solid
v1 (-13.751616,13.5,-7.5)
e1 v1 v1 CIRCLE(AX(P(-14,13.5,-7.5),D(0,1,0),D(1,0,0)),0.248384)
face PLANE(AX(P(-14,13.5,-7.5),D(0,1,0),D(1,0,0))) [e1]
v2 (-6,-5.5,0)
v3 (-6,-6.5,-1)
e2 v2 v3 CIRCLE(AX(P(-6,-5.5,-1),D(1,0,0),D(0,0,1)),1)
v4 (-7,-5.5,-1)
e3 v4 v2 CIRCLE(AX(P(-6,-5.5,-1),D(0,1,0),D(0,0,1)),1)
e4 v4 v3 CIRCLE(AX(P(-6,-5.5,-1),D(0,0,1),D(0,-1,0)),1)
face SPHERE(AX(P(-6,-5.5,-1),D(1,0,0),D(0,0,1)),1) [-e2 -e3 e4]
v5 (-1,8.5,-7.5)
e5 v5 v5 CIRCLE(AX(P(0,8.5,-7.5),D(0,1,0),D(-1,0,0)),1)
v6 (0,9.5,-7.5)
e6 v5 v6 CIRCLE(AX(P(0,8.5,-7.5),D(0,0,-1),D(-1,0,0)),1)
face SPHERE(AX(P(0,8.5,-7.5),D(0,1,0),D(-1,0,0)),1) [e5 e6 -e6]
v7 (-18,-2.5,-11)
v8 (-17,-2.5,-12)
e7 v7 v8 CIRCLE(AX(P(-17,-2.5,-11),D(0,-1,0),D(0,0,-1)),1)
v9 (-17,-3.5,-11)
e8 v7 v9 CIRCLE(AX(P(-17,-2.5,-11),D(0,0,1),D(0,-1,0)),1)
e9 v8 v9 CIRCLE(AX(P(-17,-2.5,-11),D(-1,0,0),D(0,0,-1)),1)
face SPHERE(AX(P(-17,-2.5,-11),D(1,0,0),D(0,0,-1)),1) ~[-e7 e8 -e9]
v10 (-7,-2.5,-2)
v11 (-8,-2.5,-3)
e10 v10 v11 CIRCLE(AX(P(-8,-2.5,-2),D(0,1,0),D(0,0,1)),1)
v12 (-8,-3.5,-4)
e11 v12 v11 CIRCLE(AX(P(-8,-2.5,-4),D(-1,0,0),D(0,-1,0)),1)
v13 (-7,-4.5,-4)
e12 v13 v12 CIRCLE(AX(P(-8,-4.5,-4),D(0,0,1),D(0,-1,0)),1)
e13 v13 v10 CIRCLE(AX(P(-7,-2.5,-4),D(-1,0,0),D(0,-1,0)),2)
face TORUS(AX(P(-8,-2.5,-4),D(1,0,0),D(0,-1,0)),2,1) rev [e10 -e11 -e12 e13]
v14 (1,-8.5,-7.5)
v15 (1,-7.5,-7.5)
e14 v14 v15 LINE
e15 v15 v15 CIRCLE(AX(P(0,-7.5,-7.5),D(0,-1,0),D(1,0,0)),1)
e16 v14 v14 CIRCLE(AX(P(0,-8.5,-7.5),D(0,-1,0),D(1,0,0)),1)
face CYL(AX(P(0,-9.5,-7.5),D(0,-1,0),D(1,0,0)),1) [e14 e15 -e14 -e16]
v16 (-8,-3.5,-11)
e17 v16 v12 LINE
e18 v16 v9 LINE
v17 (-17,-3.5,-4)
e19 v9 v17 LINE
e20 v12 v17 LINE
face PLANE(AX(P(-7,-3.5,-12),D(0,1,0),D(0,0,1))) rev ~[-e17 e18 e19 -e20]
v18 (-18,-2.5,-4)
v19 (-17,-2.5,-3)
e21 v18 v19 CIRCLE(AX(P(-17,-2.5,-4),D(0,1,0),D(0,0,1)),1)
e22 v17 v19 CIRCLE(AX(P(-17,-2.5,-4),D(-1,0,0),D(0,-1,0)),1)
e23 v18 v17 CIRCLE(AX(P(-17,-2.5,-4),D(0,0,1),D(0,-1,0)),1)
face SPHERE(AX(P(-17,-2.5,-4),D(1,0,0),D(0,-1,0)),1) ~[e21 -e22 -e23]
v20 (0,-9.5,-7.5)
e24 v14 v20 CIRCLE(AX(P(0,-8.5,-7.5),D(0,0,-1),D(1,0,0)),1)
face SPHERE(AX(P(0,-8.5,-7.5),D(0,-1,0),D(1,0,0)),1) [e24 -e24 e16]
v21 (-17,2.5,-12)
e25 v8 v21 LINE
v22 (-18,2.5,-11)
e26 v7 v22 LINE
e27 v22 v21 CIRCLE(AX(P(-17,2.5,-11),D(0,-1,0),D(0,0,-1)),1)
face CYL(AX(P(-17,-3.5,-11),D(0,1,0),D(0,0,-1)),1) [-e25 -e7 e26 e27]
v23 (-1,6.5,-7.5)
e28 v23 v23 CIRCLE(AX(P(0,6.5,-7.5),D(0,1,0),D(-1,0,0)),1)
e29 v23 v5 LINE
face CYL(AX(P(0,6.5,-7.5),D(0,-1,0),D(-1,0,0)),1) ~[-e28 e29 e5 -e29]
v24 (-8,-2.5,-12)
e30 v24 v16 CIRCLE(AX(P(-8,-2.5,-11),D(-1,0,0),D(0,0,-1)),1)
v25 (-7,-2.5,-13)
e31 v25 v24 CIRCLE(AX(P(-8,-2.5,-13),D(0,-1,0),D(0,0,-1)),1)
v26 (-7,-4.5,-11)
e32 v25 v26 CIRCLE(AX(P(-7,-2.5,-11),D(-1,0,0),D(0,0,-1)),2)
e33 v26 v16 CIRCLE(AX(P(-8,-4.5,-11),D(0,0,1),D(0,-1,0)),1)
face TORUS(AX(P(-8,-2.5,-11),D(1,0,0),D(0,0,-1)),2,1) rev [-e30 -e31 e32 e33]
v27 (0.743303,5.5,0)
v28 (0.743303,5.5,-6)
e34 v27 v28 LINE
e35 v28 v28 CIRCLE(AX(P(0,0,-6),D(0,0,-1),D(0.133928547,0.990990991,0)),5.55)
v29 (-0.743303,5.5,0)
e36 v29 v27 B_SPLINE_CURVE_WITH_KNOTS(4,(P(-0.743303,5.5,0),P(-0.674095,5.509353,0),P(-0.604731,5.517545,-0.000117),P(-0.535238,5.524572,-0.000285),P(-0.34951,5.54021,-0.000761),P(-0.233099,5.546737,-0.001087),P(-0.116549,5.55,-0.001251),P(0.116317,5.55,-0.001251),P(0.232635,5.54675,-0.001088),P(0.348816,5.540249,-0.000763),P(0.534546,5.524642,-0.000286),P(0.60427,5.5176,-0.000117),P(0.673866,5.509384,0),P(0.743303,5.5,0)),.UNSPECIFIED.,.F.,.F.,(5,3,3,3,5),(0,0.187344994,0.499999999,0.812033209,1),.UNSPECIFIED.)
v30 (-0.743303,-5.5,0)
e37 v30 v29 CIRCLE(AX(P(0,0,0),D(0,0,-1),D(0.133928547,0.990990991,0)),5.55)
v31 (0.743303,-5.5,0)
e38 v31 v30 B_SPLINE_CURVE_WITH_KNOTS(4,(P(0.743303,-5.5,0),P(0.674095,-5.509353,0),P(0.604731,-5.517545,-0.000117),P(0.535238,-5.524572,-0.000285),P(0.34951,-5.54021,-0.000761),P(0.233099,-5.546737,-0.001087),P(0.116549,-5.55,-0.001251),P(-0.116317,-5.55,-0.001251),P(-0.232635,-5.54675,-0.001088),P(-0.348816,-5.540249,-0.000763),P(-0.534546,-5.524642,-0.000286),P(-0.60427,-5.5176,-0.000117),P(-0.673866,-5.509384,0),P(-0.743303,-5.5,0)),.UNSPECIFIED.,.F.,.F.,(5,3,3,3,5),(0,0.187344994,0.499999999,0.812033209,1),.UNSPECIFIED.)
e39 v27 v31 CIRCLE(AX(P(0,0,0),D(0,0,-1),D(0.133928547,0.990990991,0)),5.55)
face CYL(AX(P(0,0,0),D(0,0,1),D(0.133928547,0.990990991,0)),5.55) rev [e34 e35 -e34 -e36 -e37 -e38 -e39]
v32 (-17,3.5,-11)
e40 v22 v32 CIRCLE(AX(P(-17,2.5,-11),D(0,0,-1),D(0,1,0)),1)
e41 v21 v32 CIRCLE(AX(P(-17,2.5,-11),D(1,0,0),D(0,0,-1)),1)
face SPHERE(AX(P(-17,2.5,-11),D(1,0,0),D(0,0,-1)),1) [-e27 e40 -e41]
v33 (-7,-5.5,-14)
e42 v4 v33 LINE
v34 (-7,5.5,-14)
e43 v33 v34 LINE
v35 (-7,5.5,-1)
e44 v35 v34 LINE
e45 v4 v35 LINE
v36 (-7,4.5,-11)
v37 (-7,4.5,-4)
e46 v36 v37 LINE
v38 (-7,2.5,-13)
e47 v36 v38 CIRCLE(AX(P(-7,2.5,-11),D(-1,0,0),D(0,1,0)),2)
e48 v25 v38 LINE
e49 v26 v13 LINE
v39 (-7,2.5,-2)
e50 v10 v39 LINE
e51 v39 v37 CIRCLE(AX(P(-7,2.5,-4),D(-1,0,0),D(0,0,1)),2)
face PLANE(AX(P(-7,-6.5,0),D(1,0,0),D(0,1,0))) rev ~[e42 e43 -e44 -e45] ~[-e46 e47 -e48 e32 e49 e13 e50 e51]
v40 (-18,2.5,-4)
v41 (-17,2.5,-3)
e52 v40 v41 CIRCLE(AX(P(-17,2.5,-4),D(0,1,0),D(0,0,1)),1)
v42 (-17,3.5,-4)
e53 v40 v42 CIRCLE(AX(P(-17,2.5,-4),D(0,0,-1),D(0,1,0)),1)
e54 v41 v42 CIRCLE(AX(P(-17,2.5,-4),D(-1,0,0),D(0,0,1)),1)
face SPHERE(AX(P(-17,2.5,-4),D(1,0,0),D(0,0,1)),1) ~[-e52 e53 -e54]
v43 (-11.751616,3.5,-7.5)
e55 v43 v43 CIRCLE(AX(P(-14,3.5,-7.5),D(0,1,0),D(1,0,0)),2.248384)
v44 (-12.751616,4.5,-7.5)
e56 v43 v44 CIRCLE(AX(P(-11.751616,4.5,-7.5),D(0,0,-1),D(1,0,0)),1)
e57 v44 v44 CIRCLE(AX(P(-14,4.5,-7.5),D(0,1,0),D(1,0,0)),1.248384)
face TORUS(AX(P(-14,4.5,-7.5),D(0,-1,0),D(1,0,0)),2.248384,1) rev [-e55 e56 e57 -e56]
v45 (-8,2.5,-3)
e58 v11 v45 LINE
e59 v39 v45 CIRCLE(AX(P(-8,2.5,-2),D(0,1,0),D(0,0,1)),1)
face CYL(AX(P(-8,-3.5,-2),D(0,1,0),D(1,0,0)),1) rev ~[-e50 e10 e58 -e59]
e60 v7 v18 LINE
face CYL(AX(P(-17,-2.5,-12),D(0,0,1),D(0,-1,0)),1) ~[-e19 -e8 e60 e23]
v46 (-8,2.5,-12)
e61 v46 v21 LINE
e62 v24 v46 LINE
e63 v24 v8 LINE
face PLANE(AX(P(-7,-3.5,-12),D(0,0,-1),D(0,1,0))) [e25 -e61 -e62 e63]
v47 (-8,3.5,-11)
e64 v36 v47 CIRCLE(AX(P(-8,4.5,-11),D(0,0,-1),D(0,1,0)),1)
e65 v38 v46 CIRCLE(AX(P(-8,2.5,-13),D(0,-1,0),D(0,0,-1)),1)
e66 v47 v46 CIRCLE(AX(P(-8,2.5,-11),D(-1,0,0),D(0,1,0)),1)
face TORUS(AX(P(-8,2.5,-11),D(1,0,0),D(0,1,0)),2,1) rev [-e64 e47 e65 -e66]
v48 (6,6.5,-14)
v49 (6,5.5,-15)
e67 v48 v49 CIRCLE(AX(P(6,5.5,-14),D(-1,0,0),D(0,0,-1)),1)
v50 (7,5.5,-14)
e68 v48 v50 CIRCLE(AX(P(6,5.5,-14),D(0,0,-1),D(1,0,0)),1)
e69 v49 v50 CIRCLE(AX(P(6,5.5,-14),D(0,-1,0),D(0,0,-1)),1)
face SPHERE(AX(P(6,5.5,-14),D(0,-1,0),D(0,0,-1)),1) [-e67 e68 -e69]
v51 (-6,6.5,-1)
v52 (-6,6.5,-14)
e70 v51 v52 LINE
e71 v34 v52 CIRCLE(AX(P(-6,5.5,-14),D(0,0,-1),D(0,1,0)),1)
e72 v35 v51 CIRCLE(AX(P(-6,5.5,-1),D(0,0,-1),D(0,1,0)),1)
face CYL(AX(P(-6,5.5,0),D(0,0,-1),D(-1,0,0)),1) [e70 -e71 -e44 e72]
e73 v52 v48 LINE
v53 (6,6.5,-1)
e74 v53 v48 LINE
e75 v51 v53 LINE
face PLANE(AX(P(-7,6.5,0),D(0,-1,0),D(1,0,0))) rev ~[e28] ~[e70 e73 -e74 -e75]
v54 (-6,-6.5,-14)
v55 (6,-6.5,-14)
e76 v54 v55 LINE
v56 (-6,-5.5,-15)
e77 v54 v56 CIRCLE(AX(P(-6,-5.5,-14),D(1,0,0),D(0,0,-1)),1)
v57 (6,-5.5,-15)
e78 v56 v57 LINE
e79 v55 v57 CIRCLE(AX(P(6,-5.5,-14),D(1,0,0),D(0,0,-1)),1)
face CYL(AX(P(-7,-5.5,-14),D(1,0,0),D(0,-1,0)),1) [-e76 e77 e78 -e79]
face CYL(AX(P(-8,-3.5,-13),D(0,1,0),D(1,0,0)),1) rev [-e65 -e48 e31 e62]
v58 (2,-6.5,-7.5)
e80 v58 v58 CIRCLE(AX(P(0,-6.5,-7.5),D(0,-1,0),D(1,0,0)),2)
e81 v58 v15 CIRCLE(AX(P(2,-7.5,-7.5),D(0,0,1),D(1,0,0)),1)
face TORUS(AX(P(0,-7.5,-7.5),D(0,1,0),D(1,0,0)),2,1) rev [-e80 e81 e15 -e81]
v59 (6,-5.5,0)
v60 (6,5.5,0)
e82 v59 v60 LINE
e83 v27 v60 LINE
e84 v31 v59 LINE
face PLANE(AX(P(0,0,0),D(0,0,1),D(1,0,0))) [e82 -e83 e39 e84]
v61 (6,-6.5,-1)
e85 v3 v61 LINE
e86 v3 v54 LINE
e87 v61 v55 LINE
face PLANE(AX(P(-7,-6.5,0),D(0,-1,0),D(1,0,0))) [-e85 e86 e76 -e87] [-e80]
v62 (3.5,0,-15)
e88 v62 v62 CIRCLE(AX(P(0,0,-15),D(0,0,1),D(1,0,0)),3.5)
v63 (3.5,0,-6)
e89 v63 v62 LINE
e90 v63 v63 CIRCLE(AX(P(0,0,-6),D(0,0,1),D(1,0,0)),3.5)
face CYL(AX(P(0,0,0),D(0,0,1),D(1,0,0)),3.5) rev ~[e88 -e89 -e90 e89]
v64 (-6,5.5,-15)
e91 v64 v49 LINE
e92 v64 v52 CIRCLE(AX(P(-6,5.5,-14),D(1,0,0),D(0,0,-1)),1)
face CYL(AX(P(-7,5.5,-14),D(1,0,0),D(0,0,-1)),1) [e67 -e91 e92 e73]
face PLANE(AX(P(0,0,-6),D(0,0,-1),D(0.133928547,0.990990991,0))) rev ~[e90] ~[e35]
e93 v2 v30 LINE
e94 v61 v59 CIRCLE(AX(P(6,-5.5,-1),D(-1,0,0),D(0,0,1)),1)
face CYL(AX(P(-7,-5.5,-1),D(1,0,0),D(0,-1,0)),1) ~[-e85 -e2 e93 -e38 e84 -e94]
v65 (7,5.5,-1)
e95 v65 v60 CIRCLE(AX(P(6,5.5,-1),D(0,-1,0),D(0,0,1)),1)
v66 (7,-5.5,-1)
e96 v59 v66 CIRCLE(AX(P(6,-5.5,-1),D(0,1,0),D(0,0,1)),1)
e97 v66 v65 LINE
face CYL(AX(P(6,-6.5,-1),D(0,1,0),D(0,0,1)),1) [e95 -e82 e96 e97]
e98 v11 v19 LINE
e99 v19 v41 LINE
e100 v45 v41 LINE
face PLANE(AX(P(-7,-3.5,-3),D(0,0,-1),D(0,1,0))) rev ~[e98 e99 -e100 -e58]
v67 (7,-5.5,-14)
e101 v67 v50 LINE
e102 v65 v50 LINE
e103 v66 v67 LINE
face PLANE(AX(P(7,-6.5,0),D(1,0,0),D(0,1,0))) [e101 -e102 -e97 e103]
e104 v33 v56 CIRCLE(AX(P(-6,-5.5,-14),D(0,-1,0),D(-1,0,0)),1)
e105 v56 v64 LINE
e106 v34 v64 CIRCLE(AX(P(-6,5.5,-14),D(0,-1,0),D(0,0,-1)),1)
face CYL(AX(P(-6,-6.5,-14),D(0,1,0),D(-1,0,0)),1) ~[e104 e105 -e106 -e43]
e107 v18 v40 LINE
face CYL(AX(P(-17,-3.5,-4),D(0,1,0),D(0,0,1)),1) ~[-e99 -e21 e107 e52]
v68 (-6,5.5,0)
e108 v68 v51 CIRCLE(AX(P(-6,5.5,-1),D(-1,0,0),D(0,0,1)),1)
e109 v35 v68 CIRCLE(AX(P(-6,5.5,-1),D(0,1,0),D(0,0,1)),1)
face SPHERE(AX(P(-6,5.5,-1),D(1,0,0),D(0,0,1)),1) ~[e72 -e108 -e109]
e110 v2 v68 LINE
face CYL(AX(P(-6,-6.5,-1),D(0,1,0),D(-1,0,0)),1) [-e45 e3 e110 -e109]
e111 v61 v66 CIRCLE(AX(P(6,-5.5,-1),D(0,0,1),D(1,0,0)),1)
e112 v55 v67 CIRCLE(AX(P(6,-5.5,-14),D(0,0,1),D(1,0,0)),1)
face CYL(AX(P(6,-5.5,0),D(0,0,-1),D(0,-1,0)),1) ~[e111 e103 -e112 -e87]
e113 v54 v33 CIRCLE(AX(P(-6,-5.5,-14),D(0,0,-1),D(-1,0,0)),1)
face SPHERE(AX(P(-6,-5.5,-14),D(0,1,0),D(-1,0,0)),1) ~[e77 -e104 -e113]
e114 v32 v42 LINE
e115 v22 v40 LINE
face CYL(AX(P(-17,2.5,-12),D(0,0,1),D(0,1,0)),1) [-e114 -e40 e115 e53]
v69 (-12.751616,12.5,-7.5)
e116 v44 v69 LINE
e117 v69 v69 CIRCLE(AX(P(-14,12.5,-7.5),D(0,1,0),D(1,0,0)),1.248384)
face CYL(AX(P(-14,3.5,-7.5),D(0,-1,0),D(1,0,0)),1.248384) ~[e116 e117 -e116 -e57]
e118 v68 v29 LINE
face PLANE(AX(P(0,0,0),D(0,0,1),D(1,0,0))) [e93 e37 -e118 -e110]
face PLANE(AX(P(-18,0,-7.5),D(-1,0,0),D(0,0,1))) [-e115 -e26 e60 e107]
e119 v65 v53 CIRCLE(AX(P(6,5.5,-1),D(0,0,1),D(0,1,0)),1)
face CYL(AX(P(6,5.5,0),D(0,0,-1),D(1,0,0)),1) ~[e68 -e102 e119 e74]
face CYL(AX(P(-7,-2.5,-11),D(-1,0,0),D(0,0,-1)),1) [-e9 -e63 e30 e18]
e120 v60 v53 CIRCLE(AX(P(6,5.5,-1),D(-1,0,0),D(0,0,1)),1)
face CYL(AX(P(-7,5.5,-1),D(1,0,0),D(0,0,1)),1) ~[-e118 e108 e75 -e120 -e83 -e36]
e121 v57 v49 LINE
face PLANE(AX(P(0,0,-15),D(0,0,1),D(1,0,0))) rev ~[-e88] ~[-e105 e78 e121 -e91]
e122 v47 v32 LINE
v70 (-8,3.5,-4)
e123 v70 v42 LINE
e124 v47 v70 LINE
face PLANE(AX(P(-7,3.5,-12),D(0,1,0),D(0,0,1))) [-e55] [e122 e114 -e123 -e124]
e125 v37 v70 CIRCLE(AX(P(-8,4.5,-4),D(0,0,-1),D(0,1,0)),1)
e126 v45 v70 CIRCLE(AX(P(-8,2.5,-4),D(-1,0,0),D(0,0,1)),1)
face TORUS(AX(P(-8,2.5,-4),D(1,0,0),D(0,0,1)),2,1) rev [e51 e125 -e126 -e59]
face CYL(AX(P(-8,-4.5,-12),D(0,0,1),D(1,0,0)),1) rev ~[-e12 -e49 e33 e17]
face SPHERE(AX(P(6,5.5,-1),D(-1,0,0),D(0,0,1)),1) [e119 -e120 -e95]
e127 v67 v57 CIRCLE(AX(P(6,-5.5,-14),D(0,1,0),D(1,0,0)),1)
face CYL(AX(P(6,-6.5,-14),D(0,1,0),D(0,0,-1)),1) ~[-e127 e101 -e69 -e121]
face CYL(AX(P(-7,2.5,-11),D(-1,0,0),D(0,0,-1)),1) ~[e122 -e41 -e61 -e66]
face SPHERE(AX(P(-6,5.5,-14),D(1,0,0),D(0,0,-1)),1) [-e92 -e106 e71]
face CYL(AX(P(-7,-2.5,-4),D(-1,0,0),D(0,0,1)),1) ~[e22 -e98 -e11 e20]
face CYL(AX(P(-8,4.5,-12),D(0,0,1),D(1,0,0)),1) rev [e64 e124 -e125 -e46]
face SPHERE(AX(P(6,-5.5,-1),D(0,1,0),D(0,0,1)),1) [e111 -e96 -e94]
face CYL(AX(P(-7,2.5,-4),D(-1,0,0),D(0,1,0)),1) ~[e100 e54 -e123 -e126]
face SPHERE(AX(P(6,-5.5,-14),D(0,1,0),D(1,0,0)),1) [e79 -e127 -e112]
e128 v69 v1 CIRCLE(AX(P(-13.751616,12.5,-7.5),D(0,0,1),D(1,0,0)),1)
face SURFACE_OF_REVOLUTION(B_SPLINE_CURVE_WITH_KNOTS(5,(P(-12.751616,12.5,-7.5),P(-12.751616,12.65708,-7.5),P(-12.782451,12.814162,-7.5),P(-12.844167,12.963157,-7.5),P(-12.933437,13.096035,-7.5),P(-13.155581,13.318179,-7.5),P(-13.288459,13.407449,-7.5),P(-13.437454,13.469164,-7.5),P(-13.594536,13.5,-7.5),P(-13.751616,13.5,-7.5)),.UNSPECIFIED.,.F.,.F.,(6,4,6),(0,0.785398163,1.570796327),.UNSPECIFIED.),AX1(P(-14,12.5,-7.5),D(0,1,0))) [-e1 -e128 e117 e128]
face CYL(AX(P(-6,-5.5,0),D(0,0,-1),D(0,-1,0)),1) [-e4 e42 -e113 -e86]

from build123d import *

# Parameters (mm, degrees)
CROQUIS1_W              = 14
CROQUIS1_H              = 13
CROQUIS1_R              = 3.5
SALIENTE_EXTRUIR1_DEPTH = 15
CROQUIS3_R              = 1
SALIENTE_EXTRUIR2_DEPTH = 3
REDONDEO2_R             = 1
SALIENTE_EXTRUIR3_START = 3
CROQUIS4_R              = 1
SALIENTE_EXTRUIR3_DEPTH = 3
REDONDEO3_R             = 1
REDONDEO4_R             = 1
CROQUIS5_W              = 9
CROQUIS5_H              = 7
SALIENTE_EXTRUIR4_DEPTH = 11
REDONDEO5_R             = 1
CROQUIS6_R              = 1.24838436
SALIENTE_EXTRUIR5_DEPTH = 10
REDONDEO6_R             = 1
CROQUIS2_R              = 5.55
CORTAR_EXTRUIR2_DEPTH   = 6


with BuildPart() as part:
    # Croquis1 → Saliente-Extruir1 (new body)
    with BuildSketch(Plane.XY):
        Rectangle(CROQUIS1_W, CROQUIS1_H)
        Circle(CROQUIS1_R, mode=Mode.SUBTRACT)
    extrude(amount=-SALIENTE_EXTRUIR1_DEPTH)

    # Croquis3 → Saliente-Extruir2 (add)
    with BuildSketch(Plane(origin=(0, 6.5, 0), x_dir=(1, 0, 0), z_dir=(0, 1, 0))):
        with Locations(Location((0, 7.5, 0), (0, 0, 180))):
            Circle(CROQUIS3_R)
    extrude(amount=SALIENTE_EXTRUIR2_DEPTH)

    # Redondeo2
    redondeo2_edges = [part.edges().sort_by_distance(p)[0] for p in [
        (1, 9.5, -7.5),
    ]]
    fillet(redondeo2_edges, radius=REDONDEO2_R)

    # Croquis4 → Saliente-Extruir3 (add)
    with BuildSketch(Plane.XZ.offset(6.5).offset(SALIENTE_EXTRUIR3_START)):
        with Locations((0, -7.5)):
            Circle(CROQUIS4_R)
    extrude(amount=-SALIENTE_EXTRUIR3_DEPTH)

    # Redondeo3
    redondeo3_edges = [part.edges().sort_by_distance(p)[0] for p in [
        (-1, -6.5, -7.5),
        (-1, -9.5, -7.5),
    ]]
    fillet(redondeo3_edges, radius=REDONDEO3_R)

    # Redondeo4
    redondeo4_edges = [part.edges().sort_by_distance(p)[0] for p in [
        (7, 0, -15),
        (0, 6.5, -15),
        (-7, 0, -15),
        (0, 6.5, 0),
        (7, 0, 0),
        (0, -6.5, 0),
        (-7, 0, 0),
        (-7, 6.5, -7.5),
        (7, 6.5, -7.5),
        (7, -6.5, -7.5),
        (-7, -6.5, -7.5),
        (0, -6.5, -15),
    ]]
    fillet(redondeo4_edges, radius=REDONDEO4_R)

    # Croquis5 → Saliente-Extruir4 (add)
    with BuildSketch(Plane.ZY.offset(7)):
        with Locations((-7.5, 0)):
            Rectangle(CROQUIS5_W, CROQUIS5_H)
    extrude(amount=SALIENTE_EXTRUIR4_DEPTH)

    # Redondeo5
    redondeo5_edges = [part.edges().sort_by_distance(p)[0] for p in [
        (-7, 0, -12),
        (-12.5, 3.5, -12),
        (-7, -3.5, -7.5),
        (-12.5, -3.5, -12),
        (-7, 0, -3),
        (-12.5, -3.5, -3),
        (-7, 3.5, -7.5),
        (-12.5, 3.5, -3),
        (-18, 0, -12),
        (-18, -3.5, -7.5),
        (-18, 0, -3),
        (-18, 3.5, -7.5),
    ]]
    fillet(redondeo5_edges, radius=REDONDEO5_R)

    # Croquis6 → Saliente-Extruir5 (add)
    with BuildSketch(Plane(origin=(0, 3.5, 0), x_dir=(1, 0, 0), z_dir=(0, 1, 0))):
        with Locations((-14, 7.5)):
            Circle(CROQUIS6_R)
    extrude(amount=SALIENTE_EXTRUIR5_DEPTH)

    # Redondeo6
    redondeo6_edges = [part.edges().sort_by_distance(p)[0] for p in [
        (-15.24838436, 3.5, -7.5),
        (-15.24838436, 13.5, -7.5),
    ]]
    fillet(redondeo6_edges, radius=REDONDEO6_R)

    # Croquis2 → Cortar-Extruir2 (cut)
    with BuildSketch(Plane(origin=(0, 0, 0), x_dir=(-1, 0, 0), z_dir=(0, 0, -1))):
        with Locations(Location((0, 0, 0), (0, 0, 97.696667542))):
            Circle(CROQUIS2_R)
    extrude(amount=CORTAR_EXTRUIR2_DEPTH, mode=Mode.SUBTRACT)


solid = part.part
